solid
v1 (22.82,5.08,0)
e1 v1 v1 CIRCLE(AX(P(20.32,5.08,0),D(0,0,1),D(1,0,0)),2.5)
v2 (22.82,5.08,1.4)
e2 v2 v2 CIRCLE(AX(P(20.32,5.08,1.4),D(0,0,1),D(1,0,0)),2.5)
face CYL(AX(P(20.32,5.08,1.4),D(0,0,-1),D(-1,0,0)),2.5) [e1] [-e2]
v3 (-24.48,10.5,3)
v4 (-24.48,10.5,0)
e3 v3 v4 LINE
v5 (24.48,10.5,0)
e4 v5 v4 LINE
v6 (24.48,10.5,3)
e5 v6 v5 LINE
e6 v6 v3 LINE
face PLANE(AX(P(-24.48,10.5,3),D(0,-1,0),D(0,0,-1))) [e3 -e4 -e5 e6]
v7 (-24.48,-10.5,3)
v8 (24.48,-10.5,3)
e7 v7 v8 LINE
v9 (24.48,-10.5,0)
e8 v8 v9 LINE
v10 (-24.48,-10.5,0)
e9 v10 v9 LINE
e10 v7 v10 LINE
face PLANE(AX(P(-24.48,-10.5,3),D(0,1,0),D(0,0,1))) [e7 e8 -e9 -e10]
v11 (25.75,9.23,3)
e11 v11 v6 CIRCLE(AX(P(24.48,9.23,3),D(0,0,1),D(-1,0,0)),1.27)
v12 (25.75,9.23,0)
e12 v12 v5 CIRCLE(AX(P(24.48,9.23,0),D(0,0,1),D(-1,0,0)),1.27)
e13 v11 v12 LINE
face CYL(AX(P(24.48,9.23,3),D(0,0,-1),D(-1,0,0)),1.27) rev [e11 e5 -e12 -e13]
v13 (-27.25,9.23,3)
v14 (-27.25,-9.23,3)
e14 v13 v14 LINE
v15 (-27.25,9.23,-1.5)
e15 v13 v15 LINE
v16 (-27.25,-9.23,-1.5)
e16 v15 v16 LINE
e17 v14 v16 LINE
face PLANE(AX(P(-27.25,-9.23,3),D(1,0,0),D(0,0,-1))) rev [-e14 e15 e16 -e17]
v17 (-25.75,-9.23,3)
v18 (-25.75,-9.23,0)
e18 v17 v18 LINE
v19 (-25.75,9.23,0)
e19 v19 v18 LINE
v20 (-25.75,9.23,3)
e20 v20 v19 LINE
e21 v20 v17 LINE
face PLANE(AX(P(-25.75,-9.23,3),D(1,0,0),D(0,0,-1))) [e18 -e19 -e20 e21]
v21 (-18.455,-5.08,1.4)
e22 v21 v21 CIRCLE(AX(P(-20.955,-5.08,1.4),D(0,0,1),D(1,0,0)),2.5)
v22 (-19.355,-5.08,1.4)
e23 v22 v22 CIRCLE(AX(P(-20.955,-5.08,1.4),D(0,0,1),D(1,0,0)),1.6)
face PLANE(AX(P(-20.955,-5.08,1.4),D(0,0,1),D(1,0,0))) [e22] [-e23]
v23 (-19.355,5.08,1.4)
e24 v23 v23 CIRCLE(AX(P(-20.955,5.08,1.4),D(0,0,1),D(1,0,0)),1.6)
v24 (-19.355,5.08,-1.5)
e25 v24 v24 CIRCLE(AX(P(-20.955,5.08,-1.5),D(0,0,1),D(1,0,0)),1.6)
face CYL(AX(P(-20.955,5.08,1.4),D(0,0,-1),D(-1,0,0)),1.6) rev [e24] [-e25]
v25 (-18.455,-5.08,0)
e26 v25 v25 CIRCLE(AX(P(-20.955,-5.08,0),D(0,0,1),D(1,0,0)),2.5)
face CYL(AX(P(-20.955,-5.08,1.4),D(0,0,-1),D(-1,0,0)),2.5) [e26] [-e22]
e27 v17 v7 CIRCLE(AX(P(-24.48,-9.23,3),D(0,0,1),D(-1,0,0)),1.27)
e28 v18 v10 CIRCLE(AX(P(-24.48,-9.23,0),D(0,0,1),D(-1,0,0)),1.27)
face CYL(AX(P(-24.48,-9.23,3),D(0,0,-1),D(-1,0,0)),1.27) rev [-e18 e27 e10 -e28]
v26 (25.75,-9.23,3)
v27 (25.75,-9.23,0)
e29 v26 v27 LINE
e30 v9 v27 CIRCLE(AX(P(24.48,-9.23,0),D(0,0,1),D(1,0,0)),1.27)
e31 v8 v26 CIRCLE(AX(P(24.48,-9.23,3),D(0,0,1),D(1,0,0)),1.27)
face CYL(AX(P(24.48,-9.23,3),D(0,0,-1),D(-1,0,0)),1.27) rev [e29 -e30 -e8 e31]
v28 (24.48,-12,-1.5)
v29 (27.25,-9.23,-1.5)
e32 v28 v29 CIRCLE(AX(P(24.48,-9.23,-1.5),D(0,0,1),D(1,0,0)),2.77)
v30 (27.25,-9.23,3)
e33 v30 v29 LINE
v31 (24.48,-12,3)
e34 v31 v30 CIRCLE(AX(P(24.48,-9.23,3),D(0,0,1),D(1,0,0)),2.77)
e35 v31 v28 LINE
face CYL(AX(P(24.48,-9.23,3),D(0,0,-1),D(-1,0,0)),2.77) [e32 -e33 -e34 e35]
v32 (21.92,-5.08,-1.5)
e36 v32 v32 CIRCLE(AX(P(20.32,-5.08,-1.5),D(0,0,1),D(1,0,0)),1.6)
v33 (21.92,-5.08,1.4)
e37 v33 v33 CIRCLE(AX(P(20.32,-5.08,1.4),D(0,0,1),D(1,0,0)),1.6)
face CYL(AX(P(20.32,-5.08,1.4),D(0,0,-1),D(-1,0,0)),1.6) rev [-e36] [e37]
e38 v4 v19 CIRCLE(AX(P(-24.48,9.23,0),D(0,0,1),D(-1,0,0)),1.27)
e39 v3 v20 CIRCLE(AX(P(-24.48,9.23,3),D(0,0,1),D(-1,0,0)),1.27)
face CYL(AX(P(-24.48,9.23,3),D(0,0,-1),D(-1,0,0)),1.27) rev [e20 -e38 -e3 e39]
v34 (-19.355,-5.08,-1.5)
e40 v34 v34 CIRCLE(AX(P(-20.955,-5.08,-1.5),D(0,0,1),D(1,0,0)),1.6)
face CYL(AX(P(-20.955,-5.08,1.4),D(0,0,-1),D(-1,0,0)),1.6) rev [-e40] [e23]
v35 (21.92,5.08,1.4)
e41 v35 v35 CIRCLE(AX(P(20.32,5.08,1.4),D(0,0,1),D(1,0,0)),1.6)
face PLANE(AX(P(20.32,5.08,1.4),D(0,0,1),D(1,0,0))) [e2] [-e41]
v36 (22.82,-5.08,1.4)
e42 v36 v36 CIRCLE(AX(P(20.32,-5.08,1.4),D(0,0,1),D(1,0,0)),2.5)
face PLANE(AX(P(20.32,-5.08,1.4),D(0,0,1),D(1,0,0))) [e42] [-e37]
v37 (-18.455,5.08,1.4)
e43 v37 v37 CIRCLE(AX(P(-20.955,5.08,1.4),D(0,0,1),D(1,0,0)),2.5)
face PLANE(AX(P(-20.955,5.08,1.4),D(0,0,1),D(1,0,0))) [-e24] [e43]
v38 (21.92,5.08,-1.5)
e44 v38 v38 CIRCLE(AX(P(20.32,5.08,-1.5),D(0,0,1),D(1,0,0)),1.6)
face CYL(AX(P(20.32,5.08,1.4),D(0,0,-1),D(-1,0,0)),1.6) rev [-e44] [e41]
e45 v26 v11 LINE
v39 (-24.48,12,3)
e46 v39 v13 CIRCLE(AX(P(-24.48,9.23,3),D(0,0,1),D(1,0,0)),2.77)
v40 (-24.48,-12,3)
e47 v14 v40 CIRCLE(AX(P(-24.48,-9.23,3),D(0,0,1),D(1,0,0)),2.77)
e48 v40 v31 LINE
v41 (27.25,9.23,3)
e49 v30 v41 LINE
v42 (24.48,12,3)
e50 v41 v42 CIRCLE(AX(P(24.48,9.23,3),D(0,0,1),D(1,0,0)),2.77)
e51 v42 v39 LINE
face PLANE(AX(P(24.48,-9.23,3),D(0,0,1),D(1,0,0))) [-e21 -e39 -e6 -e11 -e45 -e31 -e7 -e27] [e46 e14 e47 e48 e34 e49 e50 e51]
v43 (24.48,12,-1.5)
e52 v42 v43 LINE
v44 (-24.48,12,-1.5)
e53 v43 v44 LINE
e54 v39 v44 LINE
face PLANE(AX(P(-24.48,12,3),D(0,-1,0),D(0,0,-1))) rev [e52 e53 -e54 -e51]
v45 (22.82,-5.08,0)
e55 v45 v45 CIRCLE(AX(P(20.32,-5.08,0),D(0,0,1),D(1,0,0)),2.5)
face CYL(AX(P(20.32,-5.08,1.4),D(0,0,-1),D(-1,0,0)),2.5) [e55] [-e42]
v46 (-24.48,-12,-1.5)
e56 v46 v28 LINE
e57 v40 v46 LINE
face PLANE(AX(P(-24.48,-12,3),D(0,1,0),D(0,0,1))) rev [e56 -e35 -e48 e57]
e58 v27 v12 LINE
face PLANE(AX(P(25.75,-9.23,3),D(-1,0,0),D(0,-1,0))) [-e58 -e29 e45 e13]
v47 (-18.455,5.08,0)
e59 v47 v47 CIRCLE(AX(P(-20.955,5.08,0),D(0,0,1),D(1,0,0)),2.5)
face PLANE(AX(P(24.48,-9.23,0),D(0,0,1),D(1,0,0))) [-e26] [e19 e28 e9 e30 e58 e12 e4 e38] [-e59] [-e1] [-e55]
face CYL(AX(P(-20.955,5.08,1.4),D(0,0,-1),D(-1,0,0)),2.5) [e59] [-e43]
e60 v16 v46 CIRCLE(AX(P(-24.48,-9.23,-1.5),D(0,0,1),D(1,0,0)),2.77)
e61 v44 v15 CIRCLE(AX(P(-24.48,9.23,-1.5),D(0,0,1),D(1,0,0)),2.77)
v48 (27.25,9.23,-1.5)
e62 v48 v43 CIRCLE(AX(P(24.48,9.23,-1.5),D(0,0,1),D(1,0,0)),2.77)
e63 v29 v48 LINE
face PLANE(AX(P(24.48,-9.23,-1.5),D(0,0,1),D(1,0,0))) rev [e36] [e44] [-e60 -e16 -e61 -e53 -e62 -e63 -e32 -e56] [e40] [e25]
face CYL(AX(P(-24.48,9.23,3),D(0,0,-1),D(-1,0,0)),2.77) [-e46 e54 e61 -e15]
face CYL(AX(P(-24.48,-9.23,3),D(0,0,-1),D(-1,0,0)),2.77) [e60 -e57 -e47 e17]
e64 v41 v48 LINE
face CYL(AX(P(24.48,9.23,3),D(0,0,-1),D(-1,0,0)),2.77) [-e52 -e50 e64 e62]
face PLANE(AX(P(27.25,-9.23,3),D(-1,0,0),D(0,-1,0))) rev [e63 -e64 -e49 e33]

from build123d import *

# Parameters (mm, degrees)
BOSS_EXTRU_1_DEPTH           = 3
COQUE1_T                     = 1.5
ESQUISSE2_R                  = 2.5
ESQUISSE2_R_2                = 1.6
BOSS_EXTRU_2_DEPTH           = 1.4
ENL_V_MAT_EXTRU_1_DEPTH      = 30.925950277
ENL_V_MAT_EXTRU_1_DEPTH_BACK = 30.925950277
ESQUISSE3_R                  = 1.6


with BuildPart() as part:
    # Esquisse1 → Boss.-Extru.1 (new body)
    with BuildSketch(Plane.XY):
        with BuildLine():
            Line((-24.48, -10.5), (24.48, -10.5))
            ThreePointArc((24.48, -10.5), (25.378025612, -10.128025612), (25.75, -9.23))
            Line((25.75, -9.23), (25.75, 9.23))
            ThreePointArc((25.75, 9.23), (25.378025612, 10.128025612), (24.48, 10.5))
            Line((24.48, 10.5), (-24.48, 10.5))
            ThreePointArc((-24.48, 10.5), (-25.378025612, 10.128025612), (-25.75, 9.23))
            Line((-25.75, 9.23), (-25.75, -9.23))
            ThreePointArc((-25.75, -9.23), (-25.378025612, -10.128025612), (-24.48, -10.5))
        make_face()
    extrude(amount=BOSS_EXTRU_1_DEPTH)

    # Coque1
    coque1_openings = [part.faces().sort_by_distance(p)[0] for p in [
        (0, 0, 3),
    ]]
    offset(amount=COQUE1_T, openings=coque1_openings, kind=Kind.INTERSECTION)

    # Esquisse2 → Boss.-Extru.2 (add)
    # profile 1 of 4: a face of its own
    with BuildSketch(Plane.XY):
        with Locations((20.32, 5.08)):
            Circle(ESQUISSE2_R)
        with Locations((20.32, 5.08)):
            Circle(ESQUISSE2_R_2, mode=Mode.SUBTRACT)
    # profile 2 of 4: a face of its own
    with BuildSketch(Plane.XY):
        with Locations((-20.955, -5.08)):
            Circle(ESQUISSE2_R)
        with Locations((-20.955, -5.08)):
            Circle(ESQUISSE2_R_2, mode=Mode.SUBTRACT)
    # profile 3 of 4: a face of its own
    with BuildSketch(Plane.XY):
        with Locations((-20.955, 5.08)):
            Circle(ESQUISSE2_R)
        with Locations((-20.955, 5.08)):
            Circle(ESQUISSE2_R_2, mode=Mode.SUBTRACT)
    # profile 4 of 4: a face of its own
    with BuildSketch(Plane.XY):
        with Locations((20.32, -5.08)):
            Circle(ESQUISSE2_R)
        with Locations((20.32, -5.08)):
            Circle(ESQUISSE2_R_2, mode=Mode.SUBTRACT)
    extrude(amount=BOSS_EXTRU_2_DEPTH)

    # Esquisse3 → Enlèv. mat.-Extru.1 (cut, two sides: drawn at the far end of the back side and taken through both)
    with BuildSketch(Plane.XY.offset(-ENL_V_MAT_EXTRU_1_DEPTH_BACK)):
        with Locations((20.32, 5.08)):
            Circle(ESQUISSE3_R)
        with Locations((-20.955, 5.08)):
            Circle(ESQUISSE3_R)
        with Locations((-20.955, -5.08)):
            Circle(ESQUISSE3_R)
        with Locations((20.32, -5.08)):
            Circle(ESQUISSE3_R)
    extrude(amount=ENL_V_MAT_EXTRU_1_DEPTH + ENL_V_MAT_EXTRU_1_DEPTH_BACK, mode=Mode.SUBTRACT)


solid = part.part
